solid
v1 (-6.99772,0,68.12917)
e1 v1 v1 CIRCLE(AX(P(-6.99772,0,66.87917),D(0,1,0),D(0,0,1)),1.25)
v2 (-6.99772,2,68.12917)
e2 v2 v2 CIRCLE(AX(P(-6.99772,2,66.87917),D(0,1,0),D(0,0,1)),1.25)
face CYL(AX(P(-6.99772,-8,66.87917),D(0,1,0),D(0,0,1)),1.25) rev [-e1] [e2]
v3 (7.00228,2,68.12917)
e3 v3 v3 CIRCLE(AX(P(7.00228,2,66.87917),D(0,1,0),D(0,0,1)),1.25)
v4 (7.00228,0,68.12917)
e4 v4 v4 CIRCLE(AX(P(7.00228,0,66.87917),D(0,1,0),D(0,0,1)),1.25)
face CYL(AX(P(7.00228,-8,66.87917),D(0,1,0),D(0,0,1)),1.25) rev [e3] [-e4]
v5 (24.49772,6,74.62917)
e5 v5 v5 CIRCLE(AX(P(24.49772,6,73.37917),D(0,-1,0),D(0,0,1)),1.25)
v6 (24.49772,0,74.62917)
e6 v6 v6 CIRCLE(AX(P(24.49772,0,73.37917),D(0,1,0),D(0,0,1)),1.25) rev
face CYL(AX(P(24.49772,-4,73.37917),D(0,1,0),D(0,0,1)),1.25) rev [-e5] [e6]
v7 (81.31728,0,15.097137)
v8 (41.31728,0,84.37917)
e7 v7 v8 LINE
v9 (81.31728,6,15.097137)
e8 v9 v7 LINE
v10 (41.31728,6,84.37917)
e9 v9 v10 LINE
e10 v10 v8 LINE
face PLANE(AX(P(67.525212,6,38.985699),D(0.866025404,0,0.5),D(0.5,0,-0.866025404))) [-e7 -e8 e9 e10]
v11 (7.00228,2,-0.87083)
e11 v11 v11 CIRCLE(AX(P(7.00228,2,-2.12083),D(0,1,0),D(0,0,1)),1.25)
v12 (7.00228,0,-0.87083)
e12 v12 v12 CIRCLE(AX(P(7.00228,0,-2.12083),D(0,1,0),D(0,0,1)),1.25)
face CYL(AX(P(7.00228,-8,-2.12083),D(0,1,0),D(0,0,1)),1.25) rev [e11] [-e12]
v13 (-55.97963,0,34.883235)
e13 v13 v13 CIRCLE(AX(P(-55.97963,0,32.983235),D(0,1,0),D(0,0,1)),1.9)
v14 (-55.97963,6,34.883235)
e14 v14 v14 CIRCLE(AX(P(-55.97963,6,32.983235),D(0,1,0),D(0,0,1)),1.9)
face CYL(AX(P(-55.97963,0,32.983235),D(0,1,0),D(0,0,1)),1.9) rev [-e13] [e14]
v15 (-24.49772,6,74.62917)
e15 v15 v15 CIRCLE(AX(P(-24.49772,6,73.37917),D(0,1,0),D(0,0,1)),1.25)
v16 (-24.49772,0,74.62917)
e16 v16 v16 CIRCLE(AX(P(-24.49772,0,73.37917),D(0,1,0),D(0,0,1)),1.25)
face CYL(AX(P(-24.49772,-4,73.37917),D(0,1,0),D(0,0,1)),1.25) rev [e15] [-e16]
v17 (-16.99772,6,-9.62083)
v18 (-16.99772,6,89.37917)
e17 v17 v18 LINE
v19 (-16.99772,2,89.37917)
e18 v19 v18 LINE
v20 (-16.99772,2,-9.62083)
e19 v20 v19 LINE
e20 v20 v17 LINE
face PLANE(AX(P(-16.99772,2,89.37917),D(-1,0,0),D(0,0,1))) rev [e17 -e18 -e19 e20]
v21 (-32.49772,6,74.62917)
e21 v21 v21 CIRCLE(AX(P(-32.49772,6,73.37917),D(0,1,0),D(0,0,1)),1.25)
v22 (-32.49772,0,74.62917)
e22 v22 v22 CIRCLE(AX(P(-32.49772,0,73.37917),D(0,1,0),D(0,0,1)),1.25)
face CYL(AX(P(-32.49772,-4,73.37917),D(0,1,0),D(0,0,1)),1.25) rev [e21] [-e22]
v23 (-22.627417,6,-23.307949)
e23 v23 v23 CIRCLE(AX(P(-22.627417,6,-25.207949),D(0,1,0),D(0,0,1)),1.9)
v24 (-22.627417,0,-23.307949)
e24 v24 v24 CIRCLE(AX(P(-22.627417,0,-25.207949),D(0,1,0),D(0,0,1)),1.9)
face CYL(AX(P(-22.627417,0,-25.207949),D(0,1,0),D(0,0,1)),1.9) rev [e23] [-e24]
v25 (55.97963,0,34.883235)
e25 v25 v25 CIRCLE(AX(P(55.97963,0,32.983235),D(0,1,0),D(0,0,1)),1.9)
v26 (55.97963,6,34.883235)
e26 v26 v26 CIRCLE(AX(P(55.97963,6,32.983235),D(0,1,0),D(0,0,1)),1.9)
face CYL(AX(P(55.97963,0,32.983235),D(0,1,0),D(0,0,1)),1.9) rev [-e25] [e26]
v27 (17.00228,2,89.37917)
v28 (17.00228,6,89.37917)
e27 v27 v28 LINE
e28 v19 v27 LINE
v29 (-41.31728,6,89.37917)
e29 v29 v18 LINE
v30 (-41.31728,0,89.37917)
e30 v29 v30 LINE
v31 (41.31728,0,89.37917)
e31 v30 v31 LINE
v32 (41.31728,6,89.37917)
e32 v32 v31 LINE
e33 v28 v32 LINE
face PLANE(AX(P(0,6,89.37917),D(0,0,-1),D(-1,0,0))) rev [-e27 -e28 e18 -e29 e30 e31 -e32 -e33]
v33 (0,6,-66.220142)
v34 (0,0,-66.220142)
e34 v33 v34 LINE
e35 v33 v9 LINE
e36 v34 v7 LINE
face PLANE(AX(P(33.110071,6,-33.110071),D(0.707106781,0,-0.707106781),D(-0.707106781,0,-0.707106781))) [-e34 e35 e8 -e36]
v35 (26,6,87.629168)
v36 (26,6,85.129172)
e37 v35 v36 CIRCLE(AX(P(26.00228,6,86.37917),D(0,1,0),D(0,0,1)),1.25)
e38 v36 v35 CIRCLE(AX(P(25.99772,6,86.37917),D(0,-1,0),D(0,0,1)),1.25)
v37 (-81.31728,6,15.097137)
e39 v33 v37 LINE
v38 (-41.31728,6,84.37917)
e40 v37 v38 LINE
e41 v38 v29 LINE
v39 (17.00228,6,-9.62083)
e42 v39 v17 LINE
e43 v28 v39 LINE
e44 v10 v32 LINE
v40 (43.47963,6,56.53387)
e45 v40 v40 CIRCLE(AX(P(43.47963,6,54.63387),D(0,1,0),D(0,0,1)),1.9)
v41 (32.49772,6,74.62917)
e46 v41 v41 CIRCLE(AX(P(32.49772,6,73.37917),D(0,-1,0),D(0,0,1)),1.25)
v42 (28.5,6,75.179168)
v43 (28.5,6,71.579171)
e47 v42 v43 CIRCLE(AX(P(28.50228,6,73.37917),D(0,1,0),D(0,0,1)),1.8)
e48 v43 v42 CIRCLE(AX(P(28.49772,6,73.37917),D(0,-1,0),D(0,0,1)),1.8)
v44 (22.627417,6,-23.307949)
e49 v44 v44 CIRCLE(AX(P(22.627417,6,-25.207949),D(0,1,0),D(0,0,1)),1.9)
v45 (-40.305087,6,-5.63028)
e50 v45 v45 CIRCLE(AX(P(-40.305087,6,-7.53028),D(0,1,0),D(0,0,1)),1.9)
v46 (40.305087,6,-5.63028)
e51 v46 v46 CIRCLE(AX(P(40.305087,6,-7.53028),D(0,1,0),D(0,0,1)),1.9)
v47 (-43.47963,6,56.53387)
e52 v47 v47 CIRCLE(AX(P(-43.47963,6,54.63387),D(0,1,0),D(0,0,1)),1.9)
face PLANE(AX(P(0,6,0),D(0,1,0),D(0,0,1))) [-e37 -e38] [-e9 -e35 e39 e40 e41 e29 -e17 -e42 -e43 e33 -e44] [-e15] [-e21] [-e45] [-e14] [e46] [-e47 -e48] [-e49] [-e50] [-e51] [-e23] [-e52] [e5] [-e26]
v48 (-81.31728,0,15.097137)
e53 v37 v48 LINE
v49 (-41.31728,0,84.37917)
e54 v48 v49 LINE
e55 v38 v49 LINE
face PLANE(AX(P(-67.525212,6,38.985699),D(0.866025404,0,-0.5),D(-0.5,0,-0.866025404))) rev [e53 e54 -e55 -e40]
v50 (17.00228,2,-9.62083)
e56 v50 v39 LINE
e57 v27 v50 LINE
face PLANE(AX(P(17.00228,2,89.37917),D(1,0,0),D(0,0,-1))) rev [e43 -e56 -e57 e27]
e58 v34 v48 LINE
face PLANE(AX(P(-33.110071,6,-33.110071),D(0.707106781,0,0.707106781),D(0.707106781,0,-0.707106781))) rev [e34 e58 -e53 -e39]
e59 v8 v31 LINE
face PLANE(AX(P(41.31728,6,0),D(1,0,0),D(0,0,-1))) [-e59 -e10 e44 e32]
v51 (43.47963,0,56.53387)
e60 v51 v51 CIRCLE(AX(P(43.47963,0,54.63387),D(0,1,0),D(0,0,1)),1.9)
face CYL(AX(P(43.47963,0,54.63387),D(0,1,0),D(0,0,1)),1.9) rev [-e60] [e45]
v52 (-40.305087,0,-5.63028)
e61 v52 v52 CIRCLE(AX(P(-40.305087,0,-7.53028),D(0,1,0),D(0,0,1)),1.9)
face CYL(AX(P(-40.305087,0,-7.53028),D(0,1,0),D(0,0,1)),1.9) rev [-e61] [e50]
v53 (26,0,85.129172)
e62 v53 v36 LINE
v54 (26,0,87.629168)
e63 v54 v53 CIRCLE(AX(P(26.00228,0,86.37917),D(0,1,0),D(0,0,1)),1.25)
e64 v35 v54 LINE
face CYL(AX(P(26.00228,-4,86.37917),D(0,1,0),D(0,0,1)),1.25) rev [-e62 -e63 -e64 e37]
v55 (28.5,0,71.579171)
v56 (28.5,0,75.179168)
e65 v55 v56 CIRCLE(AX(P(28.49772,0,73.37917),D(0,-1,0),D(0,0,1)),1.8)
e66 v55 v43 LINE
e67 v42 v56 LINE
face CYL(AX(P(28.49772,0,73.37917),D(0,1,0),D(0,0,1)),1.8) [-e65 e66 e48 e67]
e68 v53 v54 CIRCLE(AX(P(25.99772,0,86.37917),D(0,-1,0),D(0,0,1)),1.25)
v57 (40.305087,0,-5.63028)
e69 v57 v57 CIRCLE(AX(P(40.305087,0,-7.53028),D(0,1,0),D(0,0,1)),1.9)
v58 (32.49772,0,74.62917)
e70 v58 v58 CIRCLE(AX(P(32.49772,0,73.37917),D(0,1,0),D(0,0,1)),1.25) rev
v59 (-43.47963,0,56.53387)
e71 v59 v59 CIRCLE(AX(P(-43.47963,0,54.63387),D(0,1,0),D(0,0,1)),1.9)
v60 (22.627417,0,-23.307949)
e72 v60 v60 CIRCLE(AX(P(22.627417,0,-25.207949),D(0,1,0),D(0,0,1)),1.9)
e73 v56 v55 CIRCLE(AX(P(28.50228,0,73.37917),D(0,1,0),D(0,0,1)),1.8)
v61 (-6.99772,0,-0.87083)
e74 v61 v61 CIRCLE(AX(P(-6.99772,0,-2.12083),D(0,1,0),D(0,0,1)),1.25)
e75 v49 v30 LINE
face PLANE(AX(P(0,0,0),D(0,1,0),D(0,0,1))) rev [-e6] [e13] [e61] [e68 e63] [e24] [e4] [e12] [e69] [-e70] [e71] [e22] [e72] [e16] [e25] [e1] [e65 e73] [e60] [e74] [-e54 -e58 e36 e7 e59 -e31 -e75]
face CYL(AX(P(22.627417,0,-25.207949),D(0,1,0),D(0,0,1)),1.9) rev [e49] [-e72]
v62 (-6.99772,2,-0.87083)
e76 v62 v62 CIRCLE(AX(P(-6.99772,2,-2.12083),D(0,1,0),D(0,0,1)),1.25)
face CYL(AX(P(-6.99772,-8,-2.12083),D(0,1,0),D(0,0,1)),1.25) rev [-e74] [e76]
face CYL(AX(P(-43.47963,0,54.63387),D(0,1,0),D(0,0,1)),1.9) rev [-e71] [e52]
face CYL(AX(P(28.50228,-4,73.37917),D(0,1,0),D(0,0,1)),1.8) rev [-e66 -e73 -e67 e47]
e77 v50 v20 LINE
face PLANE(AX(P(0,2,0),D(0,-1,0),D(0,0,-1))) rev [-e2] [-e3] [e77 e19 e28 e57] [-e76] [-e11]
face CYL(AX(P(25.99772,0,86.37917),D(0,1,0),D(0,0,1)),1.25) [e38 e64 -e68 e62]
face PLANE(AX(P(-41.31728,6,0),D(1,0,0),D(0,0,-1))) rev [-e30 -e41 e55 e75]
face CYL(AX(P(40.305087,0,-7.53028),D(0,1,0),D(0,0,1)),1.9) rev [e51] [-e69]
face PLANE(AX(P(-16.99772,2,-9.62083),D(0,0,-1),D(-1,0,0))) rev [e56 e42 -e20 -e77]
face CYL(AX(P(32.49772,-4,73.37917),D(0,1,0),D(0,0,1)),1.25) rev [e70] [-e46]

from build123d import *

# Parameters (mm, degrees)
BOSS_EXTRUDE1_DEPTH = 6
SKETCH2_W           = 34
SKETCH2_H           = 99
CUT_EXTRUDE1_DEPTH  = 4
SKETCH4_R           = 1.9
CUT_EXTRUDE2_DEPTH  = 7
SKETCH5_R           = 1.8
SKETCH5_R_2         = 1.25
CUT_EXTRUDE3_DEPTH  = 10
SKETCH6_R           = 1.25
CUT_EXTRUDE4_DEPTH  = 10
SKETCH7_R           = 1.25
CUT_EXTRUDE5_DEPTH  = 10
SKETCH8_R           = 1.8
SKETCH8_R_2         = 1.25
BOSS_EXTRUDE2_DEPTH = 6


with BuildPart() as part:
    # Sketch1 → Boss-Extrude1 (new body)
    with BuildSketch(Plane(origin=(0, 0, 0), x_dir=(1, 0, 0), z_dir=(0, 1, 0))):
        Polygon((-41.317279836, -84.379169784), (-41.317279836, -89.379169784), (41.317279836, -89.379169784), (41.317279836, -84.379169784), (81.317279836, -15.097137481), (0, 66.220142355), (-81.317279836, -15.097137481), align=None)
    extrude(amount=BOSS_EXTRUDE1_DEPTH)

    # Sketch2 → Cut-Extrude1 (cut)
    with BuildSketch(Plane(origin=(0, 6, 0), x_dir=(1, 0, 0), z_dir=(0, 1, 0))):
        with Locations((0.002279836, -39.879169784)):
            Rectangle(SKETCH2_W, SKETCH2_H)
    extrude(amount=-CUT_EXTRUDE1_DEPTH, mode=Mode.SUBTRACT)

    # Sketch4 → Cut-Extrude2 (cut, through all)
    with BuildSketch(Plane(origin=(0, 6, 0), x_dir=(1, 0, 0), z_dir=(0, 1, 0))):
        with Locations((-22.627416998, 25.207949047)):
            Circle(SKETCH4_R)
        with Locations((-40.305086528, 7.530279517)):
            Circle(SKETCH4_R)
        with Locations((-55.979629628, -32.983234986)):
            Circle(SKETCH4_R)
        with Locations((-43.479629628, -54.633870081)):
            Circle(SKETCH4_R)
        with Locations((43.479629628, -54.633870081)):
            Circle(SKETCH4_R)
        with Locations((55.979629628, -32.983234986)):
            Circle(SKETCH4_R)
        with Locations((22.627416998, 25.207949047)):
            Circle(SKETCH4_R)
        with Locations((40.305086528, 7.530279517)):
            Circle(SKETCH4_R)
    extrude(amount=-CUT_EXTRUDE2_DEPTH, mode=Mode.SUBTRACT)

    # Sketch5 → Cut-Extrude3 (cut)
    with BuildSketch(Plane(origin=(0, 6, 0), x_dir=(1, 0, 0), z_dir=(0, 1, 0))):
        with Locations((-28.497720164, -73.379169784)):
            Circle(SKETCH5_R)
        with Locations((28.502279836, -73.379169784)):
            Circle(SKETCH5_R)
        with Locations((26.002279836, -86.379169784)):
            Circle(SKETCH5_R_2)
        with Locations((-25.997720164, -86.379169784)):
            Circle(SKETCH5_R_2)
    extrude(amount=-CUT_EXTRUDE3_DEPTH, mode=Mode.SUBTRACT)

    # Sketch6 → Cut-Extrude4 (cut)
    with BuildSketch(Plane(origin=(0, 2, 0), x_dir=(1, 0, 0), z_dir=(0, 1, 0))):
        with Locations((7.002279836, 2.120830216)):
            Circle(SKETCH6_R)
        with Locations((-6.997720164, 2.120830216)):
            Circle(SKETCH6_R)
        with Locations((-6.997720164, -66.879169784)):
            Circle(SKETCH6_R)
        with Locations((7.002279836, -66.879169784)):
            Circle(SKETCH6_R)
    extrude(amount=-CUT_EXTRUDE4_DEPTH, mode=Mode.SUBTRACT)

    # Sketch7 → Cut-Extrude5 (cut)
    with BuildSketch(Plane(origin=(0, 6, 0), x_dir=(1, 0, 0), z_dir=(0, 1, 0))):
        with Locations((-32.497720164, -73.379169784)):
            Circle(SKETCH7_R)
        with Locations((-24.497720164, -73.379169784)):
            Circle(SKETCH7_R)
    cut_extrude5 = extrude(amount=-CUT_EXTRUDE5_DEPTH, mode=Mode.SUBTRACT)

    # Mirror1: Cut-Extrude5 across plane
    add(cut_extrude5.mirror(Plane(origin=(0, 0, 0), x_dir=(0, 0, 1), z_dir=(1, 0, 0))), mode=Mode.SUBTRACT)

    # Sketch8 → Boss-Extrude2 (add)
    with BuildSketch(Plane(origin=(0, 6, 0), x_dir=(1, 0, 0), z_dir=(0, 1, 0))):
        with Locations((-28.497720164, -73.379169784)):
            Circle(SKETCH8_R)
        with Locations((-25.997720164, -86.379169784)):
            Circle(SKETCH8_R_2)
    boss_extrude2 = extrude(amount=-BOSS_EXTRUDE2_DEPTH)

    # Mirror2: Boss-Extrude2 across plane
    add(boss_extrude2.mirror(Plane(origin=(0, 0, 0), x_dir=(0, 0, 1), z_dir=(1, 0, 0))))


solid = part.part
